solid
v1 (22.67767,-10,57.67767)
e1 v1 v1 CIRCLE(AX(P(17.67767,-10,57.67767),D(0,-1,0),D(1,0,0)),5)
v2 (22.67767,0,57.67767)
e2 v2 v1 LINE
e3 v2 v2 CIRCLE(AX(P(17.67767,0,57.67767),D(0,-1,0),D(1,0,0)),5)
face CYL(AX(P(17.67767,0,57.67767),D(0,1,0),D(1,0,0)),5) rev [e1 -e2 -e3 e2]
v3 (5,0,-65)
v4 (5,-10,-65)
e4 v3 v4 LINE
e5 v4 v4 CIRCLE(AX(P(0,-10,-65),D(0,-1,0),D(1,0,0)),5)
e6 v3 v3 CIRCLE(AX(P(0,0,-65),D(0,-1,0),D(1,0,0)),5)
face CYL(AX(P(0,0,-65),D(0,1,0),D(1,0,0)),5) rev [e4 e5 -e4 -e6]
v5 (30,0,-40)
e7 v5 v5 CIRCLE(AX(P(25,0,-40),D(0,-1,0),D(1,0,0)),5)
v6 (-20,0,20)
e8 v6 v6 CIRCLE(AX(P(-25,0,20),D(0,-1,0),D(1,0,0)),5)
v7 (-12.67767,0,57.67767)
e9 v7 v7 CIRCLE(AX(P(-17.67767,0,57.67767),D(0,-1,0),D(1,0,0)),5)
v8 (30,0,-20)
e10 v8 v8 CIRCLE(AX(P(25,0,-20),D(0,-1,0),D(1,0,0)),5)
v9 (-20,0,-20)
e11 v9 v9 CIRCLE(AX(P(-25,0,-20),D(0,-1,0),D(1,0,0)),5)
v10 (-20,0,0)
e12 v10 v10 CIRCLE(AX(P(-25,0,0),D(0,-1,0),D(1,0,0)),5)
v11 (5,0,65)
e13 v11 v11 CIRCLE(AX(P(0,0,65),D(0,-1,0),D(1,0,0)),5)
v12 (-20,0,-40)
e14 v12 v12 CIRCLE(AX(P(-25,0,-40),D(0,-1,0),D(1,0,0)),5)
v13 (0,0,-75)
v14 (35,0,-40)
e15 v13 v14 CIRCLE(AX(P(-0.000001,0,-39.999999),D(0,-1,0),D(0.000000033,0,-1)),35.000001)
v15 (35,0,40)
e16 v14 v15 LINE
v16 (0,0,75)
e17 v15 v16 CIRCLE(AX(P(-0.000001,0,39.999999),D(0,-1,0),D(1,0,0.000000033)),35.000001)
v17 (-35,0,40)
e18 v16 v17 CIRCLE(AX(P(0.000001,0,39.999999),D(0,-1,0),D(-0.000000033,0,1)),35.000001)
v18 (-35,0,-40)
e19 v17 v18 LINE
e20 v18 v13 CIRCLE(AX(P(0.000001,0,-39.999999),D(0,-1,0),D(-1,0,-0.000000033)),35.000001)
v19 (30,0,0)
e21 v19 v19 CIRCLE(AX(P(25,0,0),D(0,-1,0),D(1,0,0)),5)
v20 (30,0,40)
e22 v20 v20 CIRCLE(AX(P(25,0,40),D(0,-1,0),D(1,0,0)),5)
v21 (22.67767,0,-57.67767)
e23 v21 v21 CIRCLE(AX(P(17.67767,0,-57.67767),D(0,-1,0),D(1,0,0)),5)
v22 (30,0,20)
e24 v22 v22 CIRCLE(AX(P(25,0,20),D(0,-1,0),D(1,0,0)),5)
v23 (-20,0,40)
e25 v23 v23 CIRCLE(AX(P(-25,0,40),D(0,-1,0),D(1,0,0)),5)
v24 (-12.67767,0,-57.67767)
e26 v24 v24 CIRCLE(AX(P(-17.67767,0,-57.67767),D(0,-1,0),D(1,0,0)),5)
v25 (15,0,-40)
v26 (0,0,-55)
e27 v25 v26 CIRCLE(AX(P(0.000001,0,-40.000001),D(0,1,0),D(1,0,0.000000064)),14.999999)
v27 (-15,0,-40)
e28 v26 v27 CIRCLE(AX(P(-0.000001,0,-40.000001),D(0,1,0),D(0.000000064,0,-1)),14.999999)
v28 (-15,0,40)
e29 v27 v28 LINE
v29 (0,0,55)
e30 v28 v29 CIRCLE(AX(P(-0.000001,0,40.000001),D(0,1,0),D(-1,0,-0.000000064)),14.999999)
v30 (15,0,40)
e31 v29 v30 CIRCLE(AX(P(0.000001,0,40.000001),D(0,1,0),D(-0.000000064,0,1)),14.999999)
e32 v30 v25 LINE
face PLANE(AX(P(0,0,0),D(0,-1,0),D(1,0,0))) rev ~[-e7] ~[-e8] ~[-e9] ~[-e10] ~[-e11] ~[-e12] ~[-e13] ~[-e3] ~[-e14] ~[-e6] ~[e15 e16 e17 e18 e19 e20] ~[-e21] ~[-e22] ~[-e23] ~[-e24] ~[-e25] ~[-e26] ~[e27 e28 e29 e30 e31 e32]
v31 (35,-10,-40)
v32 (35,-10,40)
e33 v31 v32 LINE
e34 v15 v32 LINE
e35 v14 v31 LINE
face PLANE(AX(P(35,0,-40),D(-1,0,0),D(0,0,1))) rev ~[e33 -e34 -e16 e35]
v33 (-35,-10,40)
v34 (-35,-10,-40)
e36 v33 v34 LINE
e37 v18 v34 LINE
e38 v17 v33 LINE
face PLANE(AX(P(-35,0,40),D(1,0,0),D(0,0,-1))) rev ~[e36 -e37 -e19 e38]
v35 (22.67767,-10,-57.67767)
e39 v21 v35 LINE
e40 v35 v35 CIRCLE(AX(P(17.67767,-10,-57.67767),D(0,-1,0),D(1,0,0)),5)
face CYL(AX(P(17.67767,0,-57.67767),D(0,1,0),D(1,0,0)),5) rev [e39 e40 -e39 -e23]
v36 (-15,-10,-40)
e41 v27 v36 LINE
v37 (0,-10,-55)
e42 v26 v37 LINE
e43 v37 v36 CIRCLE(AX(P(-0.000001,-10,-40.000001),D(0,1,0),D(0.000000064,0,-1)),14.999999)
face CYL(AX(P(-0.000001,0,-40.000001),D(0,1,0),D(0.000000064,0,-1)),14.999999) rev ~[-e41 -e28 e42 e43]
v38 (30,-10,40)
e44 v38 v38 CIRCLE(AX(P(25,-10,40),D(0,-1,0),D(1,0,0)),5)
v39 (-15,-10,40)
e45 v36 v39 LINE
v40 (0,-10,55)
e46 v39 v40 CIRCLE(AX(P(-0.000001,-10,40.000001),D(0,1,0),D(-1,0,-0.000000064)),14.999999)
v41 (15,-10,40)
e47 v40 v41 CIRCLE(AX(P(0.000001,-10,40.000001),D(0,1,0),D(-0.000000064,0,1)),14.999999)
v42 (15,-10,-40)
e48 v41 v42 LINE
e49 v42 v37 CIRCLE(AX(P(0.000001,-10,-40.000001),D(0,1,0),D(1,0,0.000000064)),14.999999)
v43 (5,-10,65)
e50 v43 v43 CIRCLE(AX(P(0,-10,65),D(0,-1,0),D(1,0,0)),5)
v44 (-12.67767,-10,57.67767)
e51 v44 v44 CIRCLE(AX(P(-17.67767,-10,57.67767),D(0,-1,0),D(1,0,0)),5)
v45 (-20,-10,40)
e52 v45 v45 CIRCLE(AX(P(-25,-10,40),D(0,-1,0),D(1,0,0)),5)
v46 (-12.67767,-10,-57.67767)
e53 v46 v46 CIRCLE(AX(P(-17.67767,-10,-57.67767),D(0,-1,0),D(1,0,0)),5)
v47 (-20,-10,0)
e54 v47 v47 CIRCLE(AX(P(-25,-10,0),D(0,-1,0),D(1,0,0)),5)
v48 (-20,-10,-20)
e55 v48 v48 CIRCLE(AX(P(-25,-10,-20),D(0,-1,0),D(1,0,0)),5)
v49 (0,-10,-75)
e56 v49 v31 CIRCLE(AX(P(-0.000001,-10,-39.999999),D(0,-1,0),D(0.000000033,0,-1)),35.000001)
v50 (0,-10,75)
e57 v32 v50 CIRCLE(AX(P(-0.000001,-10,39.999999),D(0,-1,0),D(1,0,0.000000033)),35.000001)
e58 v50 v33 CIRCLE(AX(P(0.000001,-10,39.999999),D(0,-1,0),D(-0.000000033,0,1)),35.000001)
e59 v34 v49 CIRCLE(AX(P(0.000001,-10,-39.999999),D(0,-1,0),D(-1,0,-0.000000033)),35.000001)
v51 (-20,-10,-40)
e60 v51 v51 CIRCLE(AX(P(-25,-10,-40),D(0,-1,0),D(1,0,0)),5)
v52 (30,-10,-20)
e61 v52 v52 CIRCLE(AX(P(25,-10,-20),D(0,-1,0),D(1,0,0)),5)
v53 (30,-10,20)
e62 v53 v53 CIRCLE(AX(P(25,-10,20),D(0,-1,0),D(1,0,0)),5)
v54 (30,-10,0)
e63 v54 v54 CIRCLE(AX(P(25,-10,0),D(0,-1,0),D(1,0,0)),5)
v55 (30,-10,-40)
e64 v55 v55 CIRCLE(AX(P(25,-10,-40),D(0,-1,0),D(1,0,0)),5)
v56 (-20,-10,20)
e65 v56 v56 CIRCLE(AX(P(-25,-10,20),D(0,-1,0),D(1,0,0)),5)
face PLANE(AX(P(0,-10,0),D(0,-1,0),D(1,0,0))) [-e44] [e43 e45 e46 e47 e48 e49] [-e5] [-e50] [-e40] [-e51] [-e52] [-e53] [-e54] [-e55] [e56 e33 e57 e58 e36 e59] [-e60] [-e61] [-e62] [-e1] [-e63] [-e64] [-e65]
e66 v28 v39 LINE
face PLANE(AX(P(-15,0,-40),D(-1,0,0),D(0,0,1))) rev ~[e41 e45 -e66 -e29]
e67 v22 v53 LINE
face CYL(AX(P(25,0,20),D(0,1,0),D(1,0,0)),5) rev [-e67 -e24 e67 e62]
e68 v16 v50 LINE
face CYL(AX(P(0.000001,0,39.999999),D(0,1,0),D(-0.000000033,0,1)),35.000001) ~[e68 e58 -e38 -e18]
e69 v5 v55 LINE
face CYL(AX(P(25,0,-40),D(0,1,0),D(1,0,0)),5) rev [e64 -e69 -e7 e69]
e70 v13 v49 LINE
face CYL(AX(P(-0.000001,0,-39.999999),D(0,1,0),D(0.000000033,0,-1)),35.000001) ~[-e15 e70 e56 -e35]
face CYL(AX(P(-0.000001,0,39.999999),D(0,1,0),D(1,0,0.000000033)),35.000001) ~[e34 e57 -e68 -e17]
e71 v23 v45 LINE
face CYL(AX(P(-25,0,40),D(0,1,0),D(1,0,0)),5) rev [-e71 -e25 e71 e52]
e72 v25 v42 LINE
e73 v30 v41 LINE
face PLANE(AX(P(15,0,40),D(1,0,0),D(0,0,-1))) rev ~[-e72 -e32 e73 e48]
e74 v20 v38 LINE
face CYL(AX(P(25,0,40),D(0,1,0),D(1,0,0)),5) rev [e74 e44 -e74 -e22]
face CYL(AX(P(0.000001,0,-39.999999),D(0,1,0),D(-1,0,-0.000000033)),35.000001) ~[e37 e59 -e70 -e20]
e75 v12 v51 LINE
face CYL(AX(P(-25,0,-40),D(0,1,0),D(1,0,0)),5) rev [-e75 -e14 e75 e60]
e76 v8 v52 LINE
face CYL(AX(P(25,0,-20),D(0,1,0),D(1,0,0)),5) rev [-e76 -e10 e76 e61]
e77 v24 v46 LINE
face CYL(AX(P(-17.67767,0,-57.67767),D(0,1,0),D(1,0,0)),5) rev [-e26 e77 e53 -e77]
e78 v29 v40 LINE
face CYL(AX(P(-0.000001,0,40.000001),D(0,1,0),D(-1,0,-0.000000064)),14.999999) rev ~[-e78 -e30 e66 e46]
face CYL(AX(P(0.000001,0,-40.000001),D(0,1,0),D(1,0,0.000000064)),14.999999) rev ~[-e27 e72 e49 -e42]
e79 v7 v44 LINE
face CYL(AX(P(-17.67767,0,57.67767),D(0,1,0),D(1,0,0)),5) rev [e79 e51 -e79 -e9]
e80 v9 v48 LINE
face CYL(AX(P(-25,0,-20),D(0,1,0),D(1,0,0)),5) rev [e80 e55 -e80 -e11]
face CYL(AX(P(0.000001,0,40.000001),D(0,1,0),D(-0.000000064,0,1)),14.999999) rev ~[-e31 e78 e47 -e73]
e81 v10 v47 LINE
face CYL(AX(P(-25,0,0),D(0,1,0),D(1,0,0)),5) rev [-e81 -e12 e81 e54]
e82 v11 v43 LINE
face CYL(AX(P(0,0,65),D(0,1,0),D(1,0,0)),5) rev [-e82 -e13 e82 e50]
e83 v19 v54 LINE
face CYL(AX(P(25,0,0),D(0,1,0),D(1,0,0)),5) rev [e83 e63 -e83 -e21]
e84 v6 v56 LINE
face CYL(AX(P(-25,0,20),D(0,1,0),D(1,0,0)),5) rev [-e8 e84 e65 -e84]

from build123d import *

# Parameters (mm, degrees)
F0_R     = 5
F1_DEPTH = 10


with BuildPart() as f1:
    # F0 (on Front) → F1 (new body)
    with BuildSketch(Plane.XZ):
        with BuildLine():
            ThreePointArc((0, 75), (-24.748737, 64.748737), (-35, 40))
            Line((-35, 40), (-35, 0))
            Line((-35, 0), (-35, -40))
            ThreePointArc((-35, -40), (-24.748737, -64.748737), (0, -75))
            ThreePointArc((0, -75), (24.748737, -64.748737), (35, -40))
            Line((35, -40), (35, 0))
            Line((35, 0), (35, 40))
            ThreePointArc((35, 40), (24.748737, 64.748737), (0, 75))
        make_face()
        with Locations((-17.67767, -57.67767)):
            Circle(F0_R, mode=Mode.SUBTRACT)
        with Locations((-25, -40)):
            Circle(F0_R, mode=Mode.SUBTRACT)
        with Locations((-25, -20)):
            Circle(F0_R, mode=Mode.SUBTRACT)
        with Locations((0, -65)):
            Circle(F0_R, mode=Mode.SUBTRACT)
        with Locations((17.67767, -57.67767)):
            Circle(F0_R, mode=Mode.SUBTRACT)
        with Locations((25, -40)):
            Circle(F0_R, mode=Mode.SUBTRACT)
        with Locations((25, -20)):
            Circle(F0_R, mode=Mode.SUBTRACT)
        with Locations((-25, 0)):
            Circle(F0_R, mode=Mode.SUBTRACT)
        with Locations((-25, 20)):
            Circle(F0_R, mode=Mode.SUBTRACT)
        with Locations((-25, 40)):
            Circle(F0_R, mode=Mode.SUBTRACT)
        with Locations((-17.67767, 57.67767)):
            Circle(F0_R, mode=Mode.SUBTRACT)
        with BuildLine():
            ThreePointArc((-15, 40), (-10.606602, 50.606602), (0, 55))
            ThreePointArc((0, 55), (10.606602, 50.606602), (15, 40))
            Line((15, 40), (15, 0))
            Line((15, 0), (15, -40))
            ThreePointArc((15, -40), (10.606602, -50.606602), (0, -55))
            ThreePointArc((0, -55), (-10.606602, -50.606602), (-15, -40))
            Line((-15, -40), (-15, 0))
            Line((-15, 0), (-15, 40))
        make_face(mode=Mode.SUBTRACT)
        with Locations((25, 0)):
            Circle(F0_R, mode=Mode.SUBTRACT)
        with Locations((25, 20)):
            Circle(F0_R, mode=Mode.SUBTRACT)
        with Locations((0, 65)):
            Circle(F0_R, mode=Mode.SUBTRACT)
        with Locations((25, 40)):
            Circle(F0_R, mode=Mode.SUBTRACT)
        with Locations((17.67767, 57.67767)):
            Circle(F0_R, mode=Mode.SUBTRACT)
    extrude(amount=F1_DEPTH)


solid = f1.part
